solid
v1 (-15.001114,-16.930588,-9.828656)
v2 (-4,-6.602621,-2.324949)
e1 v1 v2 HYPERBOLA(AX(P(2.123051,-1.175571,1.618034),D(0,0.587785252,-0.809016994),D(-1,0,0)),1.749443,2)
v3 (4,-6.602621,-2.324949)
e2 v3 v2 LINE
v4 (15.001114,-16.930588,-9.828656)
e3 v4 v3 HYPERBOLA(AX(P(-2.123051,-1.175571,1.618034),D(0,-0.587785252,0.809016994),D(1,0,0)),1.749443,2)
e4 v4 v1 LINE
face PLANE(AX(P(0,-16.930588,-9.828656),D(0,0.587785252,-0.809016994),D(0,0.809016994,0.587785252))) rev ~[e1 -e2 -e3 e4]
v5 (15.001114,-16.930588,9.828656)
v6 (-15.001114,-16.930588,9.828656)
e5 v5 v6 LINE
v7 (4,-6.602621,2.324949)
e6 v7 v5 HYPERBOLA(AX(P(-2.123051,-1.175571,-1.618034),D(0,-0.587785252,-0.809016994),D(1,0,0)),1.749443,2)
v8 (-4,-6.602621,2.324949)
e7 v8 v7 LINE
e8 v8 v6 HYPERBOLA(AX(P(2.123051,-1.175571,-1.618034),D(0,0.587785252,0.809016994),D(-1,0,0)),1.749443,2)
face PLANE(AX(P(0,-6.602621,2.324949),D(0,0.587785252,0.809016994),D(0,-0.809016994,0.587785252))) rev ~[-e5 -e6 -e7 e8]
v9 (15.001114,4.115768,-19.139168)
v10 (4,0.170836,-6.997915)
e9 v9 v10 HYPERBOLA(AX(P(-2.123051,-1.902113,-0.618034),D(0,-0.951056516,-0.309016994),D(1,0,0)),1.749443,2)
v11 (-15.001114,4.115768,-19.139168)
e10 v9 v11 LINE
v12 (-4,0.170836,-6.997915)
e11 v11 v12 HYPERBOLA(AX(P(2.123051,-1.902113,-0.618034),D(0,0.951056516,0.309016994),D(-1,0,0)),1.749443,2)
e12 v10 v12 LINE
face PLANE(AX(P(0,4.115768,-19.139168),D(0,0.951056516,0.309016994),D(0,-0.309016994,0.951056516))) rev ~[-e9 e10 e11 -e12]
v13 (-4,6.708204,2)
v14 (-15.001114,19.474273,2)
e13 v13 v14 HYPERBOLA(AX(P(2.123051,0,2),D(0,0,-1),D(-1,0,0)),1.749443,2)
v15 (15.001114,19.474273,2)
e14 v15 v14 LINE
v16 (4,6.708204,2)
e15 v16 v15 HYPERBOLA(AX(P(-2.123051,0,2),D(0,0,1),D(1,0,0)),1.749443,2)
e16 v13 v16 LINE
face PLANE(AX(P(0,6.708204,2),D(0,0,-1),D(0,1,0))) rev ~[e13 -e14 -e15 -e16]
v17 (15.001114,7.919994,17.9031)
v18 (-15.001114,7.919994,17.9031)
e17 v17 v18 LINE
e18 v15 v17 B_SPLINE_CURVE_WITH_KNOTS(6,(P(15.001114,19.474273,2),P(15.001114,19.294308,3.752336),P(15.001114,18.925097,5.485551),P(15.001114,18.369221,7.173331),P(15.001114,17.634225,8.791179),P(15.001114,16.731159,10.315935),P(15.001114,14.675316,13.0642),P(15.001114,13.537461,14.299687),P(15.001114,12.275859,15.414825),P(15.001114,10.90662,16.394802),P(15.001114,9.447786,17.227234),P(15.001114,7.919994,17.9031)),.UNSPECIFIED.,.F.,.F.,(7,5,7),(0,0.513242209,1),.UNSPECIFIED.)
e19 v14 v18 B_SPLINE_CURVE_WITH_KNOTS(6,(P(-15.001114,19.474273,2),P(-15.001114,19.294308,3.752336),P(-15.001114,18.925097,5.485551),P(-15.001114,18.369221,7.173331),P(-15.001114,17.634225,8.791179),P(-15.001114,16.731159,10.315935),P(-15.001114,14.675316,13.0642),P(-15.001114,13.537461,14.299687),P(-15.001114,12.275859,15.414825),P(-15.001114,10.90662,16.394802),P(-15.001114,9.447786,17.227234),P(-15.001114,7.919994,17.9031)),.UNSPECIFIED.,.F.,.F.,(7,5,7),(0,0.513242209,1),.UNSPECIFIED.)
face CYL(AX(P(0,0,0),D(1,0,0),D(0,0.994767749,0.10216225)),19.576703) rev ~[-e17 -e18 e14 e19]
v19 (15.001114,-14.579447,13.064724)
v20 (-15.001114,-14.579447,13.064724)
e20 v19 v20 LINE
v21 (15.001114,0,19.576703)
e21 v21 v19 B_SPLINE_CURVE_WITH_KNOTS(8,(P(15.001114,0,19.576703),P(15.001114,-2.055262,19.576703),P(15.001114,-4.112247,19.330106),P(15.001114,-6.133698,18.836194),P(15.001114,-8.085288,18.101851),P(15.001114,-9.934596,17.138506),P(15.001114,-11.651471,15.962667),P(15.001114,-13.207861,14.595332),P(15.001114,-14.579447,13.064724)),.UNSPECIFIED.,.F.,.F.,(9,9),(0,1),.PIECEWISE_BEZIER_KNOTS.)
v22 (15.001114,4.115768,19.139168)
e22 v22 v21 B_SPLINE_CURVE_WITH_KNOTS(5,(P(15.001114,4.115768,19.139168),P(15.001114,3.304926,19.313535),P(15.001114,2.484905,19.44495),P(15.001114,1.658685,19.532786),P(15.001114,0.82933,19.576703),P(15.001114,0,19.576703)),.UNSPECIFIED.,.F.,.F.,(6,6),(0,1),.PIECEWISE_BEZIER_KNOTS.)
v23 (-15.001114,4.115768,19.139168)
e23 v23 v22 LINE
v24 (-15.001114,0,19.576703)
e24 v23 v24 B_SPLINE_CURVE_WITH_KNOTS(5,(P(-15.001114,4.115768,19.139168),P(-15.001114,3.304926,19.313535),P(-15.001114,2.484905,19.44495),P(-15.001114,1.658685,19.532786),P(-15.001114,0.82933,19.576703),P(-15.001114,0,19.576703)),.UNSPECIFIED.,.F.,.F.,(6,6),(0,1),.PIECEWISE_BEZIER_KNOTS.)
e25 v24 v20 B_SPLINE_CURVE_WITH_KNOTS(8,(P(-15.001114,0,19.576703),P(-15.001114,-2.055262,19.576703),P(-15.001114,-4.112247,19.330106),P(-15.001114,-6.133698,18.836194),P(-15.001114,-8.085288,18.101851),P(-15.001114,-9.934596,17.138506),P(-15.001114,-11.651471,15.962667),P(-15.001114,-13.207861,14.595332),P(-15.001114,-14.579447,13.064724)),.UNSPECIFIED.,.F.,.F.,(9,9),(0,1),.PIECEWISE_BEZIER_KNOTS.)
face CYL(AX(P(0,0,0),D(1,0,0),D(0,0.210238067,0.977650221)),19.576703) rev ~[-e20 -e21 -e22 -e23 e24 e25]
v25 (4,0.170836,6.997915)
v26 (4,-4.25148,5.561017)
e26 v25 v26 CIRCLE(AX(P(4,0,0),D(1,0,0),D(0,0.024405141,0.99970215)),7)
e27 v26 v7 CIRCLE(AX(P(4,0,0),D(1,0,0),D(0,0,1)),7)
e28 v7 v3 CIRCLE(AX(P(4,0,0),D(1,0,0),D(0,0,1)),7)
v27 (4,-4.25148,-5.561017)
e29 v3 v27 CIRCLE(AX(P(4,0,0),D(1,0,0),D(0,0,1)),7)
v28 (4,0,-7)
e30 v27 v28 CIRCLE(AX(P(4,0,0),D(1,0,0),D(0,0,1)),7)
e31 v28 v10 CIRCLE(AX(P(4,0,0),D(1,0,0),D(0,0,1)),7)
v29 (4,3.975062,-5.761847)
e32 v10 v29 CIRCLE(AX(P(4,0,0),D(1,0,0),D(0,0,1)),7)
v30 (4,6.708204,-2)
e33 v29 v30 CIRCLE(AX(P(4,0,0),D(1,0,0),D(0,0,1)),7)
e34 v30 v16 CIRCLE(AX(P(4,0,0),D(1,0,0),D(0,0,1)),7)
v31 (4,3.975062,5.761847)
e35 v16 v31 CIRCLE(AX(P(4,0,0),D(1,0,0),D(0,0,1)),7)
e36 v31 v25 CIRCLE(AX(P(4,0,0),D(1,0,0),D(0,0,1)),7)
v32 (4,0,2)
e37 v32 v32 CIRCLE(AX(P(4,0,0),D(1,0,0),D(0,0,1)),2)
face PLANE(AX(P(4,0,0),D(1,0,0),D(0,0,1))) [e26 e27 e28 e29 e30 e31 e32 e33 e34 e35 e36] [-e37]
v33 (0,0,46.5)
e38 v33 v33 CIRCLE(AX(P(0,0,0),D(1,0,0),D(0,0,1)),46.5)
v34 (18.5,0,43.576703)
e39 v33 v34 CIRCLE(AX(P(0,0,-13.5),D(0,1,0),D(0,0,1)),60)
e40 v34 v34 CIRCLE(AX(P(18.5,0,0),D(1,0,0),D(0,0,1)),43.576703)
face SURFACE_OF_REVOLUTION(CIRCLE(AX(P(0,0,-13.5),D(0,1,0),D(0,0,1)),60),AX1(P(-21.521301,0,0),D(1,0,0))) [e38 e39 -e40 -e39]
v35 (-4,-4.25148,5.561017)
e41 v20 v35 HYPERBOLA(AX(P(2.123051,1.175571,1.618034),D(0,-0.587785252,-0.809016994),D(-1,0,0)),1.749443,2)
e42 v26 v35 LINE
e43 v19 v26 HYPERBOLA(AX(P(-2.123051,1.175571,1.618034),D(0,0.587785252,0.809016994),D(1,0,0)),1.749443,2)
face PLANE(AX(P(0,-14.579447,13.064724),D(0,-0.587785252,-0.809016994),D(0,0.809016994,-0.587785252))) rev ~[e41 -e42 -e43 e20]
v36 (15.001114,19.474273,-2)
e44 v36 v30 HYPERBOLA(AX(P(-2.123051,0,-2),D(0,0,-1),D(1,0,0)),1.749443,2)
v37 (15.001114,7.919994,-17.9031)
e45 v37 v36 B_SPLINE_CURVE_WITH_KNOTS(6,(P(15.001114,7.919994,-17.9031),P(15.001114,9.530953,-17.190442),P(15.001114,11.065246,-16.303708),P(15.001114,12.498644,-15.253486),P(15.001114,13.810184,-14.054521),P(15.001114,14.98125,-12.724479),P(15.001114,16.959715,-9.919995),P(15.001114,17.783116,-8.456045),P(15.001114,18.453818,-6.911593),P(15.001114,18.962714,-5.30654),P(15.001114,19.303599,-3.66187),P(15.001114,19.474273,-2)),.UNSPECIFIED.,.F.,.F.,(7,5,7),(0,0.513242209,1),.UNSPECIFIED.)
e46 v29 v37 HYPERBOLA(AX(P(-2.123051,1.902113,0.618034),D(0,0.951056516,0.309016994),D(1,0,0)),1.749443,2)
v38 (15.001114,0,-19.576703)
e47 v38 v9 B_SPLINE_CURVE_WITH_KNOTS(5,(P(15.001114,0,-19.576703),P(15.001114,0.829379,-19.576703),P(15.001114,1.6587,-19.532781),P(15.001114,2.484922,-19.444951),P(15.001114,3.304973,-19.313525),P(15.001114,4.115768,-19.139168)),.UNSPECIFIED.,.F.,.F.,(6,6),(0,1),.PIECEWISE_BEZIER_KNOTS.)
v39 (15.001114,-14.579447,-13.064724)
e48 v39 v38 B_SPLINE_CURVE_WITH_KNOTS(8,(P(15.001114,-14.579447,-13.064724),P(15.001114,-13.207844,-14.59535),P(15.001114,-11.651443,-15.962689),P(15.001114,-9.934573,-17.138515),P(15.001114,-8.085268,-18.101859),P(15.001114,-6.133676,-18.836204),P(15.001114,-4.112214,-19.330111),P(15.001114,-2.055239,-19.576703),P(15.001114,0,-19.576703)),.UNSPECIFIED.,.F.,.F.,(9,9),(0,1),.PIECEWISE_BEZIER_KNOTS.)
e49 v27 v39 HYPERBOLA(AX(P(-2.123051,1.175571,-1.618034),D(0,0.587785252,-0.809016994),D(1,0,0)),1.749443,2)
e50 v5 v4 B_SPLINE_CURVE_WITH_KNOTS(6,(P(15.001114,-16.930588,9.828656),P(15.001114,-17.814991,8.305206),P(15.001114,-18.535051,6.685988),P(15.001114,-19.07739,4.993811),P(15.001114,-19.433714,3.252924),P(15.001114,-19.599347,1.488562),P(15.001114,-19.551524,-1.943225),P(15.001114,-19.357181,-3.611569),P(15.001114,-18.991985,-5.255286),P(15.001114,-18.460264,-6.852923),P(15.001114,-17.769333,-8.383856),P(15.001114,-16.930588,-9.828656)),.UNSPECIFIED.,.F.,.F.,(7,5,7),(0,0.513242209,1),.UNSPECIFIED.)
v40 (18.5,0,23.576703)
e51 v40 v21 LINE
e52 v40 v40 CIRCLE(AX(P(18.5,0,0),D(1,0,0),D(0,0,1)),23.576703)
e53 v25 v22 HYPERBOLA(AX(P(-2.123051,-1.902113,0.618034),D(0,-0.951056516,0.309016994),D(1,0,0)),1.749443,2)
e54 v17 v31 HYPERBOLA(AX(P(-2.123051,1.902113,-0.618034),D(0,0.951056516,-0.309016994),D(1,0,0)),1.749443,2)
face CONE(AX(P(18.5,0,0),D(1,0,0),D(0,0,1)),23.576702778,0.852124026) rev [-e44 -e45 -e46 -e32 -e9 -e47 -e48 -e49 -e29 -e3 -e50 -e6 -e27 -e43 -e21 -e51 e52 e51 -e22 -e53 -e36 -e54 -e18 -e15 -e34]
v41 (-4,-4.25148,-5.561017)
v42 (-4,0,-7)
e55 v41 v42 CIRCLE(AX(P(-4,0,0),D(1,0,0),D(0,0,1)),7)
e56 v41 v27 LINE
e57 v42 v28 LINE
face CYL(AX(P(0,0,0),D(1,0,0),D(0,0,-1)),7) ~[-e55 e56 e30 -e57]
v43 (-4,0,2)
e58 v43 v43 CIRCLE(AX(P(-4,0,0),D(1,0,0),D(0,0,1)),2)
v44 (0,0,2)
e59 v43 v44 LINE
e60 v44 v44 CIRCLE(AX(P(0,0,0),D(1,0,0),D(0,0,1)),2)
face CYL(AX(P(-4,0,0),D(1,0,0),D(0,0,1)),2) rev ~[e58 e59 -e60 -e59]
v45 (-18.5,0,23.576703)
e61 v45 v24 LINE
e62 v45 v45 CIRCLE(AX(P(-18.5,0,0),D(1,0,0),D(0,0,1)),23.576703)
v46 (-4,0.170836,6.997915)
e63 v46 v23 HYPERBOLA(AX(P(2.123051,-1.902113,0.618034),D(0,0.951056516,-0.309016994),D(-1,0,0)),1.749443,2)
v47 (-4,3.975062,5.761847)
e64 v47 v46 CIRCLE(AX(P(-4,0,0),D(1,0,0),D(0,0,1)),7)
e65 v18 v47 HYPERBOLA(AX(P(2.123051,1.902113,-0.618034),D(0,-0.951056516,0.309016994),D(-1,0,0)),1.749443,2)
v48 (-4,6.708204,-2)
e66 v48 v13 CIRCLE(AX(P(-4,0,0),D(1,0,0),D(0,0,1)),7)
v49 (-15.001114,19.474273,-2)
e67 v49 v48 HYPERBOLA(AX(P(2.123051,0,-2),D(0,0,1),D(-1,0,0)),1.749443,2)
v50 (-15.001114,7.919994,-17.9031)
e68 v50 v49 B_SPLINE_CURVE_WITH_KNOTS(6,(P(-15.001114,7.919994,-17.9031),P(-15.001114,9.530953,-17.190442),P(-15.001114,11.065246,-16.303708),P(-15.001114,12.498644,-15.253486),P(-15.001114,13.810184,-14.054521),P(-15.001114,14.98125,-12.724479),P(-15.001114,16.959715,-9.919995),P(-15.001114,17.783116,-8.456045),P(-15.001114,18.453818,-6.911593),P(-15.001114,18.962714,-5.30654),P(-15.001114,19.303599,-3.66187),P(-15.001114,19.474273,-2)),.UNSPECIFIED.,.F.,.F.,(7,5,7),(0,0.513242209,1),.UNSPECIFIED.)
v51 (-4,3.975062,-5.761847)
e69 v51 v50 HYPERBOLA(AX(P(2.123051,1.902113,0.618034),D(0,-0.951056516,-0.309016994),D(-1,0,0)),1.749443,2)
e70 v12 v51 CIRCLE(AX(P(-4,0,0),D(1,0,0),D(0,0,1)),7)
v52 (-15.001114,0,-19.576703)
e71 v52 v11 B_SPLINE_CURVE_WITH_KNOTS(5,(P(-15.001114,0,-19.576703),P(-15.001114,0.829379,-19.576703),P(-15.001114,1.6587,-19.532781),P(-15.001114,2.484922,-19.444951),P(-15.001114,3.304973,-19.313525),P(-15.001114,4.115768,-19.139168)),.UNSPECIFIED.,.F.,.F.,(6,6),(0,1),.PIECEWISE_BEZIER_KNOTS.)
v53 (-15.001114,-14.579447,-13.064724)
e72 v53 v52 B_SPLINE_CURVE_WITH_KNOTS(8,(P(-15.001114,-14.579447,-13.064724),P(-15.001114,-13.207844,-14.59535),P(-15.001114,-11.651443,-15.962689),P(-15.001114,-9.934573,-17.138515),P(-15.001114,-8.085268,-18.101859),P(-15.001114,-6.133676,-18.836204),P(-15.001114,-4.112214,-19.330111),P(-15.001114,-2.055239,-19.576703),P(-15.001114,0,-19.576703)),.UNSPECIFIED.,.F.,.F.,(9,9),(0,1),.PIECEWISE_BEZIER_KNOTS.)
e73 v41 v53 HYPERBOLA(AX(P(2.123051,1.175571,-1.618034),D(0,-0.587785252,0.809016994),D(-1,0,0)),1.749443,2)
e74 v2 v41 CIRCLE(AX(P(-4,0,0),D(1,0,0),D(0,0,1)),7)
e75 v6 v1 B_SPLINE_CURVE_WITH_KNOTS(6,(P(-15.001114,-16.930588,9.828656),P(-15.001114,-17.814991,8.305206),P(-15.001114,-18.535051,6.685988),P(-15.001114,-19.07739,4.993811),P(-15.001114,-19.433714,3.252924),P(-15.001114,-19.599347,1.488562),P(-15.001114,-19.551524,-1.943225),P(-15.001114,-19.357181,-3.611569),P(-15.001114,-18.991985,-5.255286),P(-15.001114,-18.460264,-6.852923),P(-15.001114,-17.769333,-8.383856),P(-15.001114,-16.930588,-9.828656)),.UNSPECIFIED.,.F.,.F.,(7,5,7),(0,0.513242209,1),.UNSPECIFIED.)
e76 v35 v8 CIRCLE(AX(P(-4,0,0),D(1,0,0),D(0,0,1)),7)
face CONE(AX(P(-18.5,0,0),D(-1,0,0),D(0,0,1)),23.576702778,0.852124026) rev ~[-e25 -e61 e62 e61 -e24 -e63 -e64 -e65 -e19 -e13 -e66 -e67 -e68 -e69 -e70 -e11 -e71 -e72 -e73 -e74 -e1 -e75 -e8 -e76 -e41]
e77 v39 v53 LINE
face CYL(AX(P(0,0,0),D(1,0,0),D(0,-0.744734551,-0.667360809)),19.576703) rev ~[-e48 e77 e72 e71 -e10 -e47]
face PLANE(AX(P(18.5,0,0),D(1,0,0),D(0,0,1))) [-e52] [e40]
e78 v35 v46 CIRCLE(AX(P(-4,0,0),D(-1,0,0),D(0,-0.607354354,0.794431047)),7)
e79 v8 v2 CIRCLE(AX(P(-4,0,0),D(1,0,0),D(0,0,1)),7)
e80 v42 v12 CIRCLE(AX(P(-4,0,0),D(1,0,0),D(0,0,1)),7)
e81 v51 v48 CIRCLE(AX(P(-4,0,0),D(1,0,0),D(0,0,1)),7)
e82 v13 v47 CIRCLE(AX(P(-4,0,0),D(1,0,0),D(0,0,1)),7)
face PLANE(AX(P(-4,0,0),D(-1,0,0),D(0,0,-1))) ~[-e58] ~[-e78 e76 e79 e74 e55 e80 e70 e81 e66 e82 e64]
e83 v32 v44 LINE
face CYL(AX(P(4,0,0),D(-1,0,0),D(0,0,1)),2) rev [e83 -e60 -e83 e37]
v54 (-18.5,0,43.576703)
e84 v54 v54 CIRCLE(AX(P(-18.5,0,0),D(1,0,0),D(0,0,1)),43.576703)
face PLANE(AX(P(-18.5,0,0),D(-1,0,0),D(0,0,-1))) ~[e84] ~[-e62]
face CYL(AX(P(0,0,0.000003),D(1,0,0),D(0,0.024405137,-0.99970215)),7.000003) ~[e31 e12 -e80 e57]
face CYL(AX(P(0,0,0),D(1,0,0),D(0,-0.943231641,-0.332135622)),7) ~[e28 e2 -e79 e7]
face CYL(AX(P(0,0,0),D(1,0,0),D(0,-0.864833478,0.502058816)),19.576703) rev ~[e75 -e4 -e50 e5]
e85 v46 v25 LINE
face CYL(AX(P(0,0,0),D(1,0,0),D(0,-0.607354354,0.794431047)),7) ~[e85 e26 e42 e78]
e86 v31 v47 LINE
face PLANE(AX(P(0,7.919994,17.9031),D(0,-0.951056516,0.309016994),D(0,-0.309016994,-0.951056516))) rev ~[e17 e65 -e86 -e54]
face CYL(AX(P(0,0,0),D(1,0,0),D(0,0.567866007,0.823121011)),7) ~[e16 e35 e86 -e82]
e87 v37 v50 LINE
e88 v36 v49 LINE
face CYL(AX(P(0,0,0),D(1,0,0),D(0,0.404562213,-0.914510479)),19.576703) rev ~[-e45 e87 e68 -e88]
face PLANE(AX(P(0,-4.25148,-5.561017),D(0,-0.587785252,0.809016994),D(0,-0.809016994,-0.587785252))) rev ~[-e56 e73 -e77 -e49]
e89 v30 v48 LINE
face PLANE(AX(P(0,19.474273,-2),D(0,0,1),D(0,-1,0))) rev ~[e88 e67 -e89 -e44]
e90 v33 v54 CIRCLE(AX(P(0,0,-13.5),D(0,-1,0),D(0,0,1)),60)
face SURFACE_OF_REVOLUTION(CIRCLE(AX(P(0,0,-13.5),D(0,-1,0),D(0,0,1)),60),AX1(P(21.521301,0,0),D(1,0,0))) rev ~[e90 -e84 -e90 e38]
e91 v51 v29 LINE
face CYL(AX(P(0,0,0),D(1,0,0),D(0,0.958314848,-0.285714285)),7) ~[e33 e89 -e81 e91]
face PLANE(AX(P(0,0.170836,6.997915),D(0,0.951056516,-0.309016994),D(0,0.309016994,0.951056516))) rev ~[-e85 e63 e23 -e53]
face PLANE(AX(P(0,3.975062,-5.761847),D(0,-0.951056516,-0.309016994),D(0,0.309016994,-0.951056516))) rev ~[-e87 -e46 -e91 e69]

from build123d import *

# Parameters (mm, degrees)
CUT_EXTRUDE1_DEPTH      = 19.5000001
CUT_EXTRUDE1_DEPTH_BACK = 19.5000001


with BuildPart() as part:
    # Sketch1 → Revolve1 (revolve)
    with BuildSketch(Plane(origin=(0, 0, 0), x_dir=(1, 0, 0), z_dir=(0, 1, 0))):
        with BuildLine():
            Line((18.5, -43.576702778), (18.5, -23.576702778))
            Line((18.5, -23.576702778), (4, -7))
            Line((4, -7), (4, -2))
            Line((4, -2), (0, -2))
            Line((0, -2), (0, -46.5))
            ThreePointArc((0, -46.5), (9.364769974, -45.764669773), (18.5, -43.576702778))
        make_face()
    revolve(axis=Axis((-21.521301372, 0, 0), (1, 0, 0)))

    # Mirror1: part across plane


with BuildPart() as part_1:
    add(part.part)
    add(part.part.mirror(Plane(origin=(0, 0, 2), x_dir=(0, 0, 1), z_dir=(-1, 0, 0))))

    # Sketch2 → Cut-Extrude1 (cut, two sides)
    with BuildSketch(Plane(origin=(0, 0, 0), x_dir=(0, 0, -1), z_dir=(1, 0, 0))) as cut_extrude1_sk:
        with BuildLine():
            ThreePointArc((-5.761847074, 3.975062049), (-4.114496766, 5.663118961), (-2, 6.708203932))
            Line((-2, 6.708203932), (-2, 19.474272558))
            ThreePointArc((-2, 19.474272558), (-11.506897181, 15.837885241), (-17.903099827, 7.919994206))
            Line((-17.903099827, 7.919994206), (-5.761847074, 3.975062049))
        make_face()
        with BuildLine():
            Line((2, 19.474272558), (2, 6.708203932))
            ThreePointArc((2, 6.708203932), (4.114496766, 5.663118961), (5.761847074, 3.975062049))
            Line((5.761847074, 3.975062049), (17.903099827, 7.919994206))
            ThreePointArc((17.903099827, 7.919994206), (11.506897181, 15.837885241), (2, 19.474272558))
        make_face()
        with BuildLine():
            Line((-13.064724197, -14.579446948), (-5.56101733, -4.251480479))
            ThreePointArc((-5.56101733, -4.251480479), (-6.657395614, -2.163118961), (-6.997915051, 0.170835984))
            Line((-6.997915051, 0.170835984), (-19.139167805, 4.115768141))
            ThreePointArc((-19.139167805, 4.115768141), (-18.618550745, -6.049533852), (-13.064724197, -14.579446948))
        make_face()
        with BuildLine():
            Line((19.139167805, 4.115768141), (6.997915051, 0.170835984))
            ThreePointArc((6.997915051, 0.170835984), (6.999478743, 0.085424353), (7, 0))
            ThreePointArc((7, 0), (6.630502293, -2.244201271), (5.56101733, -4.251480479))
            Line((5.56101733, -4.251480479), (13.064724197, -14.579446948))
            ThreePointArc((13.064724197, -14.579446948), (17.874723972, -7.983829569), (19.576702778, 0))
            ThreePointArc((19.576702778, 0), (19.467011727, 2.069479659), (19.139167805, 4.115768141))
        make_face()
        with BuildLine():
            Line((9.82865622, -16.930587957), (2.324949352, -6.602621488))
            ThreePointArc((2.324949352, -6.602621488), (0, -7), (-2.324949352, -6.602621488))
            Line((-2.324949352, -6.602621488), (-9.82865622, -16.930587957))
            ThreePointArc((-9.82865622, -16.930587957), (0, -19.576702778), (9.82865622, -16.930587957))
        make_face()
    extrude(amount=CUT_EXTRUDE1_DEPTH, mode=Mode.SUBTRACT)
    extrude(cut_extrude1_sk.sketch, amount=-CUT_EXTRUDE1_DEPTH_BACK, mode=Mode.SUBTRACT)


solid = part_1.part
